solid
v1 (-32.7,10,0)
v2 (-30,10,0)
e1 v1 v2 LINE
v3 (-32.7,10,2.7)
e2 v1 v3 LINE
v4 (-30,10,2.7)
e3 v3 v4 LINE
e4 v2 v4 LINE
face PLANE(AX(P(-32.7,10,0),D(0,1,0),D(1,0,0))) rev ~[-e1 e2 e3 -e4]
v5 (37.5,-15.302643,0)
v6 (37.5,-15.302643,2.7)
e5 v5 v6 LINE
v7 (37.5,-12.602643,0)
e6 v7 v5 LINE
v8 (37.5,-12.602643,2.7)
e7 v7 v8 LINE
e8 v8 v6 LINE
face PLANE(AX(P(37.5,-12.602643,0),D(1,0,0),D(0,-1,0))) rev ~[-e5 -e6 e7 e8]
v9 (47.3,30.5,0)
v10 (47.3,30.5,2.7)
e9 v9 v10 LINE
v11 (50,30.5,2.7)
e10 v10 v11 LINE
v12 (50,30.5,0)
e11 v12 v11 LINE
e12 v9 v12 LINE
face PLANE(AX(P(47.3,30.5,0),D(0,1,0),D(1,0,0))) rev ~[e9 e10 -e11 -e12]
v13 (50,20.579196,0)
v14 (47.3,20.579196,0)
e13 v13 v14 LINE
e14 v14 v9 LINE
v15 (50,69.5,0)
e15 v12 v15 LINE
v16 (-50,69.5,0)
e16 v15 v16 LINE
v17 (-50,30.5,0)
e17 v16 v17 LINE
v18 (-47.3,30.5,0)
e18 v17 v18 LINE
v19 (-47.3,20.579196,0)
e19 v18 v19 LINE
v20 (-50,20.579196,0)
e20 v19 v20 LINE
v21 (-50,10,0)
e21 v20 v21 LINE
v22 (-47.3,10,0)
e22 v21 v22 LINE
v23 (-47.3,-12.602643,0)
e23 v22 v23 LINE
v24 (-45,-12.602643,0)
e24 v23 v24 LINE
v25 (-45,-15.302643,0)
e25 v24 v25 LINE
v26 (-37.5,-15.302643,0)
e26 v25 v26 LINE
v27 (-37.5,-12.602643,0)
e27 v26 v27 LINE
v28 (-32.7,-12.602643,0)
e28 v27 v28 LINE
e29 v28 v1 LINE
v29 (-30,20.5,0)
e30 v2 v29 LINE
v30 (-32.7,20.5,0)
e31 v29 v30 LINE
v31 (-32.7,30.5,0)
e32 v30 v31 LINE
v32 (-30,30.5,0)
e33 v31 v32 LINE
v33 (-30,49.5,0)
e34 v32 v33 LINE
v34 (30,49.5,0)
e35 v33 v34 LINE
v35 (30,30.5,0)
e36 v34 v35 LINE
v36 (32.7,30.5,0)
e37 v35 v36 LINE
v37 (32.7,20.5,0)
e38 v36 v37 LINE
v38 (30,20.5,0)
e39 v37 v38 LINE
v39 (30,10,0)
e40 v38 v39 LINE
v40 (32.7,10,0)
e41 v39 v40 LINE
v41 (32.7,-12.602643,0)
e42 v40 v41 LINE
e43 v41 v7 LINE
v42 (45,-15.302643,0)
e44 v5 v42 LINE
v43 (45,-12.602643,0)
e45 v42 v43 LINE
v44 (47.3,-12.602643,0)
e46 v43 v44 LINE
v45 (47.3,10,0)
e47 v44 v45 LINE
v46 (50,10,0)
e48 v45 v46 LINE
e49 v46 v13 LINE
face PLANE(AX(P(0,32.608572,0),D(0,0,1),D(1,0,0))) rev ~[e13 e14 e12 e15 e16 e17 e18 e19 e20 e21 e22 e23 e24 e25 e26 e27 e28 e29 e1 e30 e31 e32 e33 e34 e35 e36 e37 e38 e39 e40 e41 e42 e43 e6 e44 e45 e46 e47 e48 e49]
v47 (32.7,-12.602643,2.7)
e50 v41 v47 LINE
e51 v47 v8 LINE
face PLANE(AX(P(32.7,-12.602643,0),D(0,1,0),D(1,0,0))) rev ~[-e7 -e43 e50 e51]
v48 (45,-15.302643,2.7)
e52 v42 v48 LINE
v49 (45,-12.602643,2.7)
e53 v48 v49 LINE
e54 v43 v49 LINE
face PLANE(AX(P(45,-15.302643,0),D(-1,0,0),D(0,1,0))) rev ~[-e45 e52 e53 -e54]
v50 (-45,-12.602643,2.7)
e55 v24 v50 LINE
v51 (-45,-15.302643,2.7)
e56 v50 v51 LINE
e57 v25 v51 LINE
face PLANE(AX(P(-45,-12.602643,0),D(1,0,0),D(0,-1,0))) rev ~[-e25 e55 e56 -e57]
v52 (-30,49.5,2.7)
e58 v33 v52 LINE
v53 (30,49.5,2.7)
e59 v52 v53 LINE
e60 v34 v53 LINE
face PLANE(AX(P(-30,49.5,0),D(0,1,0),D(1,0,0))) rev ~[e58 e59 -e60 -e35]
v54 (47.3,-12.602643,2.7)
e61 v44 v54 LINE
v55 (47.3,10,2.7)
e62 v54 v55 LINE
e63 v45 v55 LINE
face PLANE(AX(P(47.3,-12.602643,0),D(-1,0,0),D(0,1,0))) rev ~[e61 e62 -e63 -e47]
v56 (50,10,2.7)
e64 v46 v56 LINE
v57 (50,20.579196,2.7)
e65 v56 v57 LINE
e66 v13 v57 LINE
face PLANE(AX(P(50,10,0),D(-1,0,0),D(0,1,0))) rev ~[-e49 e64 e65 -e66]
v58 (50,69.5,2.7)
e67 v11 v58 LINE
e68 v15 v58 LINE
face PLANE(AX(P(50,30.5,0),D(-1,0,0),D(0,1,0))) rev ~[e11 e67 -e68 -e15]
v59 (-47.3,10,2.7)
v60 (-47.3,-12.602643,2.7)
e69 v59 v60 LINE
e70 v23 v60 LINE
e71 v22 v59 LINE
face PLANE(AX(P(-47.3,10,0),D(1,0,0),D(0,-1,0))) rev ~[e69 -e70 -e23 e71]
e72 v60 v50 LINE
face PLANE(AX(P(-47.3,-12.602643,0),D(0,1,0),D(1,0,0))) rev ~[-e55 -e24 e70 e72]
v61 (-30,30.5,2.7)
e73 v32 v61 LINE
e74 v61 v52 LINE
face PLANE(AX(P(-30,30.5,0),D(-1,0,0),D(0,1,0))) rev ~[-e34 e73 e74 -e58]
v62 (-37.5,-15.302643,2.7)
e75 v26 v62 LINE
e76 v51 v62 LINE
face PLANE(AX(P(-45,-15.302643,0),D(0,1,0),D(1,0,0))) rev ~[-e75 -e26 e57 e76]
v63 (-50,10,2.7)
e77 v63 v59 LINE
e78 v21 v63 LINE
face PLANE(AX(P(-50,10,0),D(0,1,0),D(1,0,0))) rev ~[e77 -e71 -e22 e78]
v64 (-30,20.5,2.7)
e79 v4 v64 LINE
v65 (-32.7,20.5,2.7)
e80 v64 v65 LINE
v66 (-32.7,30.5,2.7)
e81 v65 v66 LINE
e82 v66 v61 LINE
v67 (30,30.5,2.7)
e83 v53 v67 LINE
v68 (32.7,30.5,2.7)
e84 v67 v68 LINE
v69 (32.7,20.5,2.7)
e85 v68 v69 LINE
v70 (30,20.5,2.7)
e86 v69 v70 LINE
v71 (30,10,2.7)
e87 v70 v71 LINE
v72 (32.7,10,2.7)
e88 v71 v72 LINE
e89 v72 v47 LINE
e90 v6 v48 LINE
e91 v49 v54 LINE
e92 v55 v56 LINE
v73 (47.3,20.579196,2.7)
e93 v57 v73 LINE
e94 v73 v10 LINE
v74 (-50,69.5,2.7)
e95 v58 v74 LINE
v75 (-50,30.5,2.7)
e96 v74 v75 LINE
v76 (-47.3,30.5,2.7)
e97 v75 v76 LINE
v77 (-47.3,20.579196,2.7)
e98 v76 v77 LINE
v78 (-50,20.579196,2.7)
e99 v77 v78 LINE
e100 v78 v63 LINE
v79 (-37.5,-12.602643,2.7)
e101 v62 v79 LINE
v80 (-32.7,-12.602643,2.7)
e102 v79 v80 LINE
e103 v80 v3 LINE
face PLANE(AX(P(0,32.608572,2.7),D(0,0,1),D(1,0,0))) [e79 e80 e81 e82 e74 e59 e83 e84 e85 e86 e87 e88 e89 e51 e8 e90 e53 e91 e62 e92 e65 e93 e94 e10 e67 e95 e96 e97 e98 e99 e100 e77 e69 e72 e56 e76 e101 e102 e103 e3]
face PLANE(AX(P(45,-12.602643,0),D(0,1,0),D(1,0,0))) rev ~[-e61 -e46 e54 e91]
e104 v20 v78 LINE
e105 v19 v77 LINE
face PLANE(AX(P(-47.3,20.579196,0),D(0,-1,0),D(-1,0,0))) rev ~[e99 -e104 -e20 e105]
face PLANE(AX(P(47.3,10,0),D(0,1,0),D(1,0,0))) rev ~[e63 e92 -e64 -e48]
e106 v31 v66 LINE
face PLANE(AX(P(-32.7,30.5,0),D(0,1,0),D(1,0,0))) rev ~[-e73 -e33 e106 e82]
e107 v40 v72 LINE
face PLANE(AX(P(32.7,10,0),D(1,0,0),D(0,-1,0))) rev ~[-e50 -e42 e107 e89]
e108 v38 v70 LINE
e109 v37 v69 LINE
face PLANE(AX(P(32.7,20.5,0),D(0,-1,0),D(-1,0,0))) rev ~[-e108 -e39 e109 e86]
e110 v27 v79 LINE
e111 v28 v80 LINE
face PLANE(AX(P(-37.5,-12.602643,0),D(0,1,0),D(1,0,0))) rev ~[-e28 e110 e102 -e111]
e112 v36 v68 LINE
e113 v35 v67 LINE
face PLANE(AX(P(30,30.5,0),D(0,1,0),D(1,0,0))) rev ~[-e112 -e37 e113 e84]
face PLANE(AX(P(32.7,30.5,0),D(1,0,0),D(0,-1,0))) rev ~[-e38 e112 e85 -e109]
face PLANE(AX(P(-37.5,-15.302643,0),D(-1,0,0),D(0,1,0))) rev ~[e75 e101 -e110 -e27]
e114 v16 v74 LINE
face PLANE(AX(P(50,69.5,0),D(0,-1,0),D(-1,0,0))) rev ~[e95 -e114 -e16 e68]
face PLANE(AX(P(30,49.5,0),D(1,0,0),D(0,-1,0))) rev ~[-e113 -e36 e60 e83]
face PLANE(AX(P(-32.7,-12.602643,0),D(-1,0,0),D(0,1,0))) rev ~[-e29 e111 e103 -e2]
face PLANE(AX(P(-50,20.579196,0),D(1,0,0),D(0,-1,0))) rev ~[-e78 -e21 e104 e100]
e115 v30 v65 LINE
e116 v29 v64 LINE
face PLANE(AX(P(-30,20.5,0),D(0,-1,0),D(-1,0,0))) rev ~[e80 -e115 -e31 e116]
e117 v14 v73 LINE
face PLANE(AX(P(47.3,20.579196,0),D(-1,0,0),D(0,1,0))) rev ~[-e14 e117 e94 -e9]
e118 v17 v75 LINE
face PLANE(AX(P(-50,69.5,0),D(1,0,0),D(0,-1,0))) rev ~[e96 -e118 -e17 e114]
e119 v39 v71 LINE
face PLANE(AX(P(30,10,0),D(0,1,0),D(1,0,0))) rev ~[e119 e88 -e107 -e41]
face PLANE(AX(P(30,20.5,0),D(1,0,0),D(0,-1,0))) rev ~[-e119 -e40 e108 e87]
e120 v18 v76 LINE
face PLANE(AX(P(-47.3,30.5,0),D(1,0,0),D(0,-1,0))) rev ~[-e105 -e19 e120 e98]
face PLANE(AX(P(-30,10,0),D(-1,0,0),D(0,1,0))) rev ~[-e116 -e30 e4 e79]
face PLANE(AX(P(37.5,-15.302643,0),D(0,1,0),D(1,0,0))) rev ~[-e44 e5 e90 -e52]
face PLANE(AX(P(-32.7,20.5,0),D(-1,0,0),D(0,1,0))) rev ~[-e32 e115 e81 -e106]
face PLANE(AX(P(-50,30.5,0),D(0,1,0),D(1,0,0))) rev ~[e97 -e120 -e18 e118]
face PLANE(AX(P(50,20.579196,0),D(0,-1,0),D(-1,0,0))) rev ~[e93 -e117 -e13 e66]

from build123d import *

# Parameters (mm, degrees)
BASE_DEPTH = 2.7


with BuildPart() as part:
    # Sketch1 → Base (new body)
    with BuildSketch(Plane.XY):
        Polygon((-32.7, -12.602642531), (-32.7, 10), (-30, 10), (-30, 20.5), (-32.7, 20.5), (-32.7, 30.5), (-30, 30.5), (-30, 49.5), (30, 49.5), (30, 30.5), (32.7, 30.5), (32.7, 20.5), (30, 20.5), (30, 10), (32.7, 10), (32.7, -12.602642531), (37.5, -12.602642531), (37.5, -15.302642531), (45, -15.302642531), (45, -12.602642531), (47.3, -12.602642531), (47.3, 10), (50, 10), (50, 20.579195959), (47.3, 20.579195959), (47.3, 30.5), (50, 30.5), (50, 69.5), (-50, 69.5), (-50, 30.5), (-47.3, 30.5), (-47.3, 20.579195959), (-50, 20.579195959), (-50, 10), (-47.3, 10), (-47.3, -12.602642531), (-45, -12.602642531), (-45, -15.302642531), (-37.5, -15.302642531), (-37.5, -12.602642531), align=None)
    extrude(amount=BASE_DEPTH)


solid = part.part
